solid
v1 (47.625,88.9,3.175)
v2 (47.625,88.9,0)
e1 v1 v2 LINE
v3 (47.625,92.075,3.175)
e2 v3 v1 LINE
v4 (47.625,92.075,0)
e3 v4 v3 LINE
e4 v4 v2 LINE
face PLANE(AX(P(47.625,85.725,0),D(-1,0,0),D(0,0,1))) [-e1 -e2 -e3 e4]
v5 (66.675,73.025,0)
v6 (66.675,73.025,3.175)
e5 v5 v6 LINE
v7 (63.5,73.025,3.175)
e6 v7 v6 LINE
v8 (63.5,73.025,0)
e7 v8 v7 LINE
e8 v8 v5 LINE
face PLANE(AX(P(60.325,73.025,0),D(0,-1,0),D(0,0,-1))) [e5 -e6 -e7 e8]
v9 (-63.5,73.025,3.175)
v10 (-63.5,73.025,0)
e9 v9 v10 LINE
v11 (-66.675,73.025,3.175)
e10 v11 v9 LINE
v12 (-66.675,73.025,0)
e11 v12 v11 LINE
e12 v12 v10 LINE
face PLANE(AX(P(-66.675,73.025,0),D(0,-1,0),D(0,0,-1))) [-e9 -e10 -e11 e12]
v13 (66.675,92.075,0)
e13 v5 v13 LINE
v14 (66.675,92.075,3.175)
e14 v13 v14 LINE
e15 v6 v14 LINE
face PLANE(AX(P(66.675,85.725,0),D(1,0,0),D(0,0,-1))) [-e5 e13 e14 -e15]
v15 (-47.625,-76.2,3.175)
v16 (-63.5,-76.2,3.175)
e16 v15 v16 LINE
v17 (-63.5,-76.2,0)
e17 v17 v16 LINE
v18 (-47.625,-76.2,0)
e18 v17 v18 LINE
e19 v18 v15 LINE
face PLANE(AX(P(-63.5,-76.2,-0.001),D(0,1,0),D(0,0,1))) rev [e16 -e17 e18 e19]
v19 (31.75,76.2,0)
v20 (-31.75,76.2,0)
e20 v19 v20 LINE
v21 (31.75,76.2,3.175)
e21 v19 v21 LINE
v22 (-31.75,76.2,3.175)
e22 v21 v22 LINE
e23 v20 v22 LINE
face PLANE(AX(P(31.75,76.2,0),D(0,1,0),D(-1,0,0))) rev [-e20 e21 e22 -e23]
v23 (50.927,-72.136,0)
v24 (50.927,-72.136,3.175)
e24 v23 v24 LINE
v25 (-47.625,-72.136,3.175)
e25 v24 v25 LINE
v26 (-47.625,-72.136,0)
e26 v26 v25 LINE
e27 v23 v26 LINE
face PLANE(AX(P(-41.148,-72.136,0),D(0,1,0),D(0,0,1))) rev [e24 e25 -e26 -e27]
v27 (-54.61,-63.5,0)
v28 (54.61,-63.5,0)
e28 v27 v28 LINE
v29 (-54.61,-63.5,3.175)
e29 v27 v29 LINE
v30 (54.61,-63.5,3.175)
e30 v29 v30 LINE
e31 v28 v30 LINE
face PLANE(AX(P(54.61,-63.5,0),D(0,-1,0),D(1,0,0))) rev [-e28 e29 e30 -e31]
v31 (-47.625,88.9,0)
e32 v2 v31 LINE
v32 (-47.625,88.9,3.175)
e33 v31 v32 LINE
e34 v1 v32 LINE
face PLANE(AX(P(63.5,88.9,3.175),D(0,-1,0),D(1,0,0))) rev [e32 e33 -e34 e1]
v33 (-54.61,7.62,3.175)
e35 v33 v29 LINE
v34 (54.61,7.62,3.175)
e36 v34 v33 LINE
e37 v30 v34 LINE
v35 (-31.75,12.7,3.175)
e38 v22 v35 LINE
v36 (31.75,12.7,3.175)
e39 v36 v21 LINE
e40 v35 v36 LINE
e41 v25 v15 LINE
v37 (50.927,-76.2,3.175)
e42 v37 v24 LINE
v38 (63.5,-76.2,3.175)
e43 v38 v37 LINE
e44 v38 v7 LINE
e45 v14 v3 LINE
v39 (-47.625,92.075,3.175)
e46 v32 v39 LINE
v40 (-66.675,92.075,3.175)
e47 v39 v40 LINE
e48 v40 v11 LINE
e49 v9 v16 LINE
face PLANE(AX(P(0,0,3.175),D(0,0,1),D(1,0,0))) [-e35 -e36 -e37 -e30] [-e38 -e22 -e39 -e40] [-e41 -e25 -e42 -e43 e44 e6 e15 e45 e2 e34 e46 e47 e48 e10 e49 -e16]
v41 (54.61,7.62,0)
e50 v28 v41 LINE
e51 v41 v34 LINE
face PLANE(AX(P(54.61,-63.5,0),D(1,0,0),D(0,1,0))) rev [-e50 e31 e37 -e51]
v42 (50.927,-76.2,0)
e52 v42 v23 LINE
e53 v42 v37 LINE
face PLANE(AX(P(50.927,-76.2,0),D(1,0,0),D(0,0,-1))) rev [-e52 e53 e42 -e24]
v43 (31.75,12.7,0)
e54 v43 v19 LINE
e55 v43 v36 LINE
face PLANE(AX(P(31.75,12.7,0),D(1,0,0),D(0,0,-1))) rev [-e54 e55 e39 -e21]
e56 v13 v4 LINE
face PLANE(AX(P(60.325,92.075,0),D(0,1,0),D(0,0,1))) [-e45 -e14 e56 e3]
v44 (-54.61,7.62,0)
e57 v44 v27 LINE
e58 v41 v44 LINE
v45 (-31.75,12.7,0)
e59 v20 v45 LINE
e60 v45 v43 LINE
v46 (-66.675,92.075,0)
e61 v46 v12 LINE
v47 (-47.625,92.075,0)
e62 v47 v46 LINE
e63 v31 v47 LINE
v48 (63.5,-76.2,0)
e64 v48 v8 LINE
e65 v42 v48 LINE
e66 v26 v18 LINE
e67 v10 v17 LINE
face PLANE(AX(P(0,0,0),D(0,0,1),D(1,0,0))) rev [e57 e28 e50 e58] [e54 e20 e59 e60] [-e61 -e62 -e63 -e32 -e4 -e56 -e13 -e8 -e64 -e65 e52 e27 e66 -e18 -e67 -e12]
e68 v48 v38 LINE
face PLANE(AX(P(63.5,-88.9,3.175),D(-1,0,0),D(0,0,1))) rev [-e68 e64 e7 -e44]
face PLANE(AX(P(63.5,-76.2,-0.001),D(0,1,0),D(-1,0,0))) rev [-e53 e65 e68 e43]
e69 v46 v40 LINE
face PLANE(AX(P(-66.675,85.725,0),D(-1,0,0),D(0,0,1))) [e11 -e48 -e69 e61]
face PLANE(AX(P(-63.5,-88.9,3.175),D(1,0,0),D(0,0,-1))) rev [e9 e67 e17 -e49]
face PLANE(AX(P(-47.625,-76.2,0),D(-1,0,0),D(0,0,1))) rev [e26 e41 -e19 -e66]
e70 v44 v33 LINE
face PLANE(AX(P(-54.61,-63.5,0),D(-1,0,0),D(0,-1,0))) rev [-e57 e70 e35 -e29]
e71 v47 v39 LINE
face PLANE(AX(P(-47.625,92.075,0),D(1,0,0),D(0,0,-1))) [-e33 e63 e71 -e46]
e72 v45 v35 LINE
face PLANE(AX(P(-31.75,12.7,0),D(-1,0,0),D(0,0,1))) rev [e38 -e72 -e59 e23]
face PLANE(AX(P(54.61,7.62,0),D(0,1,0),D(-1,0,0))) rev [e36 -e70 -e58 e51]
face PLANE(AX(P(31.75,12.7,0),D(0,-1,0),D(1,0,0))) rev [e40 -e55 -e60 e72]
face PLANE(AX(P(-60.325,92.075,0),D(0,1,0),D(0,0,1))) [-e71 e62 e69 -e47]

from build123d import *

# Parameters (mm, degrees)
SKETCH1_W           = 127
SKETCH1_H           = 177.8
BOSS_EXTRUDE1_DEPTH = 3.175
SKETCH3_W           = 63.5
SKETCH3_H           = 63.5
SKETCH3_W_2         = 109.22
SKETCH3_H_2         = 71.12
CUT_EXTRUDE2_DEPTH  = 4.175
BOSS_EXTRUDE2_DEPTH = 3.175
CUT_EXTRUDE3_REACH  = 5.175
SKETCH5_W           = 19.05
SKETCH5_H           = 12.7
SKETCH6_W           = 3.302
SKETCH6_H           = 12.7
CUT_EXTRUDE4_DEPTH  = 4.175
CUT_EXTRUDE5_DEPTH  = 4.175
SKETCH9_W           = 6.477
SKETCH9_H           = 4.064
CUT_EXTRUDE6_DEPTH  = 4.175


with BuildPart() as part:
    # Sketch1 → Boss-Extrude1 (new body)
    with BuildSketch(Plane.XY):
        Rectangle(SKETCH1_W, SKETCH1_H)
    extrude(amount=BOSS_EXTRUDE1_DEPTH)

    # Sketch3 → Cut-Extrude2 (cut, through all)
    with BuildSketch(Plane.XY.offset(3.175)):
        with Locations((0, 44.45)):
            Rectangle(SKETCH3_W, SKETCH3_H)
        with Locations((0, -27.94)):
            Rectangle(SKETCH3_W_2, SKETCH3_H_2)
    extrude(amount=-CUT_EXTRUDE2_DEPTH, mode=Mode.SUBTRACT)

    # Sketch4 → Boss-Extrude2 (add)
    with BuildSketch(Plane.XY.offset(3.175)):
        Polygon((-60.325, 92.075), (-66.675, 92.075), (-66.675, 85.725), (-66.675, 73.025), (-60.325, 73.025), (-60.325, 85.725), (-47.625, 85.725), (-47.625, 92.075), align=None)
        Polygon((60.325, 92.075), (66.675, 92.075), (66.675, 85.725), (66.675, 73.025), (60.325, 73.025), (60.325, 85.725), (47.625, 85.725), (47.625, 92.075), align=None)
    extrude(amount=-BOSS_EXTRUDE2_DEPTH)

    # Sketch5 → Cut-Extrude3 (cut, up to next)
    with BuildSketch(Plane.XY.offset(3.175), mode=Mode.PRIVATE) as cut_extrude3_sk1:
        with Locations((-53.975, -82.55)):
            Rectangle(SKETCH5_W, SKETCH5_H)
    cut_extrude3_tool1 = extrude(cut_extrude3_sk1.sketch, amount=-CUT_EXTRUDE3_REACH, mode=Mode.PRIVATE) & part.part
    add(cut_extrude3_tool1.solids().sort_by_distance((-53.975, -82.55, 3.175))[0], mode=Mode.SUBTRACT)
    # Sketch5 → Cut-Extrude3 (cut, up to next)
    with BuildSketch(Plane.XY.offset(3.175), mode=Mode.PRIVATE) as cut_extrude3_sk2:
        with Locations((53.975, -82.55)):
            Rectangle(SKETCH5_W, SKETCH5_H)
    cut_extrude3_tool2 = extrude(cut_extrude3_sk2.sketch, amount=-CUT_EXTRUDE3_REACH, mode=Mode.PRIVATE) & part.part
    add(cut_extrude3_tool2.solids().sort_by_distance((53.975, -82.55, 3.175))[0], mode=Mode.SUBTRACT)

    # Sketch6 → Cut-Extrude4 (cut, through all)
    with BuildSketch(Plane.XY.offset(3.175)):
        with Locations((-42.799, -82.55)):
            Rectangle(SKETCH6_W, SKETCH6_H)
    extrude(amount=-CUT_EXTRUDE4_DEPTH, mode=Mode.SUBTRACT)

    # Sketch7 → Cut-Extrude5 (cut, through all)
    with BuildSketch(Plane.XY.offset(3.175)):
        Polygon((-41.148, -76.2), (-41.148, -72.136), (44.45, -72.136), (44.45, -76.2), (44.45, -88.9), (-41.148, -88.9), align=None)
    extrude(amount=-CUT_EXTRUDE5_DEPTH, mode=Mode.SUBTRACT)

    # Sketch9 → Cut-Extrude6 (cut, through all)
    with BuildSketch(Plane.XY.offset(3.175)):
        with Locations((-44.3865, -74.168)):
            Rectangle(SKETCH9_W, SKETCH9_H)
        with Locations((47.6885, -74.168)):
            Rectangle(SKETCH9_W, SKETCH9_H)
    extrude(amount=-CUT_EXTRUDE6_DEPTH, mode=Mode.SUBTRACT)


solid = part.part
